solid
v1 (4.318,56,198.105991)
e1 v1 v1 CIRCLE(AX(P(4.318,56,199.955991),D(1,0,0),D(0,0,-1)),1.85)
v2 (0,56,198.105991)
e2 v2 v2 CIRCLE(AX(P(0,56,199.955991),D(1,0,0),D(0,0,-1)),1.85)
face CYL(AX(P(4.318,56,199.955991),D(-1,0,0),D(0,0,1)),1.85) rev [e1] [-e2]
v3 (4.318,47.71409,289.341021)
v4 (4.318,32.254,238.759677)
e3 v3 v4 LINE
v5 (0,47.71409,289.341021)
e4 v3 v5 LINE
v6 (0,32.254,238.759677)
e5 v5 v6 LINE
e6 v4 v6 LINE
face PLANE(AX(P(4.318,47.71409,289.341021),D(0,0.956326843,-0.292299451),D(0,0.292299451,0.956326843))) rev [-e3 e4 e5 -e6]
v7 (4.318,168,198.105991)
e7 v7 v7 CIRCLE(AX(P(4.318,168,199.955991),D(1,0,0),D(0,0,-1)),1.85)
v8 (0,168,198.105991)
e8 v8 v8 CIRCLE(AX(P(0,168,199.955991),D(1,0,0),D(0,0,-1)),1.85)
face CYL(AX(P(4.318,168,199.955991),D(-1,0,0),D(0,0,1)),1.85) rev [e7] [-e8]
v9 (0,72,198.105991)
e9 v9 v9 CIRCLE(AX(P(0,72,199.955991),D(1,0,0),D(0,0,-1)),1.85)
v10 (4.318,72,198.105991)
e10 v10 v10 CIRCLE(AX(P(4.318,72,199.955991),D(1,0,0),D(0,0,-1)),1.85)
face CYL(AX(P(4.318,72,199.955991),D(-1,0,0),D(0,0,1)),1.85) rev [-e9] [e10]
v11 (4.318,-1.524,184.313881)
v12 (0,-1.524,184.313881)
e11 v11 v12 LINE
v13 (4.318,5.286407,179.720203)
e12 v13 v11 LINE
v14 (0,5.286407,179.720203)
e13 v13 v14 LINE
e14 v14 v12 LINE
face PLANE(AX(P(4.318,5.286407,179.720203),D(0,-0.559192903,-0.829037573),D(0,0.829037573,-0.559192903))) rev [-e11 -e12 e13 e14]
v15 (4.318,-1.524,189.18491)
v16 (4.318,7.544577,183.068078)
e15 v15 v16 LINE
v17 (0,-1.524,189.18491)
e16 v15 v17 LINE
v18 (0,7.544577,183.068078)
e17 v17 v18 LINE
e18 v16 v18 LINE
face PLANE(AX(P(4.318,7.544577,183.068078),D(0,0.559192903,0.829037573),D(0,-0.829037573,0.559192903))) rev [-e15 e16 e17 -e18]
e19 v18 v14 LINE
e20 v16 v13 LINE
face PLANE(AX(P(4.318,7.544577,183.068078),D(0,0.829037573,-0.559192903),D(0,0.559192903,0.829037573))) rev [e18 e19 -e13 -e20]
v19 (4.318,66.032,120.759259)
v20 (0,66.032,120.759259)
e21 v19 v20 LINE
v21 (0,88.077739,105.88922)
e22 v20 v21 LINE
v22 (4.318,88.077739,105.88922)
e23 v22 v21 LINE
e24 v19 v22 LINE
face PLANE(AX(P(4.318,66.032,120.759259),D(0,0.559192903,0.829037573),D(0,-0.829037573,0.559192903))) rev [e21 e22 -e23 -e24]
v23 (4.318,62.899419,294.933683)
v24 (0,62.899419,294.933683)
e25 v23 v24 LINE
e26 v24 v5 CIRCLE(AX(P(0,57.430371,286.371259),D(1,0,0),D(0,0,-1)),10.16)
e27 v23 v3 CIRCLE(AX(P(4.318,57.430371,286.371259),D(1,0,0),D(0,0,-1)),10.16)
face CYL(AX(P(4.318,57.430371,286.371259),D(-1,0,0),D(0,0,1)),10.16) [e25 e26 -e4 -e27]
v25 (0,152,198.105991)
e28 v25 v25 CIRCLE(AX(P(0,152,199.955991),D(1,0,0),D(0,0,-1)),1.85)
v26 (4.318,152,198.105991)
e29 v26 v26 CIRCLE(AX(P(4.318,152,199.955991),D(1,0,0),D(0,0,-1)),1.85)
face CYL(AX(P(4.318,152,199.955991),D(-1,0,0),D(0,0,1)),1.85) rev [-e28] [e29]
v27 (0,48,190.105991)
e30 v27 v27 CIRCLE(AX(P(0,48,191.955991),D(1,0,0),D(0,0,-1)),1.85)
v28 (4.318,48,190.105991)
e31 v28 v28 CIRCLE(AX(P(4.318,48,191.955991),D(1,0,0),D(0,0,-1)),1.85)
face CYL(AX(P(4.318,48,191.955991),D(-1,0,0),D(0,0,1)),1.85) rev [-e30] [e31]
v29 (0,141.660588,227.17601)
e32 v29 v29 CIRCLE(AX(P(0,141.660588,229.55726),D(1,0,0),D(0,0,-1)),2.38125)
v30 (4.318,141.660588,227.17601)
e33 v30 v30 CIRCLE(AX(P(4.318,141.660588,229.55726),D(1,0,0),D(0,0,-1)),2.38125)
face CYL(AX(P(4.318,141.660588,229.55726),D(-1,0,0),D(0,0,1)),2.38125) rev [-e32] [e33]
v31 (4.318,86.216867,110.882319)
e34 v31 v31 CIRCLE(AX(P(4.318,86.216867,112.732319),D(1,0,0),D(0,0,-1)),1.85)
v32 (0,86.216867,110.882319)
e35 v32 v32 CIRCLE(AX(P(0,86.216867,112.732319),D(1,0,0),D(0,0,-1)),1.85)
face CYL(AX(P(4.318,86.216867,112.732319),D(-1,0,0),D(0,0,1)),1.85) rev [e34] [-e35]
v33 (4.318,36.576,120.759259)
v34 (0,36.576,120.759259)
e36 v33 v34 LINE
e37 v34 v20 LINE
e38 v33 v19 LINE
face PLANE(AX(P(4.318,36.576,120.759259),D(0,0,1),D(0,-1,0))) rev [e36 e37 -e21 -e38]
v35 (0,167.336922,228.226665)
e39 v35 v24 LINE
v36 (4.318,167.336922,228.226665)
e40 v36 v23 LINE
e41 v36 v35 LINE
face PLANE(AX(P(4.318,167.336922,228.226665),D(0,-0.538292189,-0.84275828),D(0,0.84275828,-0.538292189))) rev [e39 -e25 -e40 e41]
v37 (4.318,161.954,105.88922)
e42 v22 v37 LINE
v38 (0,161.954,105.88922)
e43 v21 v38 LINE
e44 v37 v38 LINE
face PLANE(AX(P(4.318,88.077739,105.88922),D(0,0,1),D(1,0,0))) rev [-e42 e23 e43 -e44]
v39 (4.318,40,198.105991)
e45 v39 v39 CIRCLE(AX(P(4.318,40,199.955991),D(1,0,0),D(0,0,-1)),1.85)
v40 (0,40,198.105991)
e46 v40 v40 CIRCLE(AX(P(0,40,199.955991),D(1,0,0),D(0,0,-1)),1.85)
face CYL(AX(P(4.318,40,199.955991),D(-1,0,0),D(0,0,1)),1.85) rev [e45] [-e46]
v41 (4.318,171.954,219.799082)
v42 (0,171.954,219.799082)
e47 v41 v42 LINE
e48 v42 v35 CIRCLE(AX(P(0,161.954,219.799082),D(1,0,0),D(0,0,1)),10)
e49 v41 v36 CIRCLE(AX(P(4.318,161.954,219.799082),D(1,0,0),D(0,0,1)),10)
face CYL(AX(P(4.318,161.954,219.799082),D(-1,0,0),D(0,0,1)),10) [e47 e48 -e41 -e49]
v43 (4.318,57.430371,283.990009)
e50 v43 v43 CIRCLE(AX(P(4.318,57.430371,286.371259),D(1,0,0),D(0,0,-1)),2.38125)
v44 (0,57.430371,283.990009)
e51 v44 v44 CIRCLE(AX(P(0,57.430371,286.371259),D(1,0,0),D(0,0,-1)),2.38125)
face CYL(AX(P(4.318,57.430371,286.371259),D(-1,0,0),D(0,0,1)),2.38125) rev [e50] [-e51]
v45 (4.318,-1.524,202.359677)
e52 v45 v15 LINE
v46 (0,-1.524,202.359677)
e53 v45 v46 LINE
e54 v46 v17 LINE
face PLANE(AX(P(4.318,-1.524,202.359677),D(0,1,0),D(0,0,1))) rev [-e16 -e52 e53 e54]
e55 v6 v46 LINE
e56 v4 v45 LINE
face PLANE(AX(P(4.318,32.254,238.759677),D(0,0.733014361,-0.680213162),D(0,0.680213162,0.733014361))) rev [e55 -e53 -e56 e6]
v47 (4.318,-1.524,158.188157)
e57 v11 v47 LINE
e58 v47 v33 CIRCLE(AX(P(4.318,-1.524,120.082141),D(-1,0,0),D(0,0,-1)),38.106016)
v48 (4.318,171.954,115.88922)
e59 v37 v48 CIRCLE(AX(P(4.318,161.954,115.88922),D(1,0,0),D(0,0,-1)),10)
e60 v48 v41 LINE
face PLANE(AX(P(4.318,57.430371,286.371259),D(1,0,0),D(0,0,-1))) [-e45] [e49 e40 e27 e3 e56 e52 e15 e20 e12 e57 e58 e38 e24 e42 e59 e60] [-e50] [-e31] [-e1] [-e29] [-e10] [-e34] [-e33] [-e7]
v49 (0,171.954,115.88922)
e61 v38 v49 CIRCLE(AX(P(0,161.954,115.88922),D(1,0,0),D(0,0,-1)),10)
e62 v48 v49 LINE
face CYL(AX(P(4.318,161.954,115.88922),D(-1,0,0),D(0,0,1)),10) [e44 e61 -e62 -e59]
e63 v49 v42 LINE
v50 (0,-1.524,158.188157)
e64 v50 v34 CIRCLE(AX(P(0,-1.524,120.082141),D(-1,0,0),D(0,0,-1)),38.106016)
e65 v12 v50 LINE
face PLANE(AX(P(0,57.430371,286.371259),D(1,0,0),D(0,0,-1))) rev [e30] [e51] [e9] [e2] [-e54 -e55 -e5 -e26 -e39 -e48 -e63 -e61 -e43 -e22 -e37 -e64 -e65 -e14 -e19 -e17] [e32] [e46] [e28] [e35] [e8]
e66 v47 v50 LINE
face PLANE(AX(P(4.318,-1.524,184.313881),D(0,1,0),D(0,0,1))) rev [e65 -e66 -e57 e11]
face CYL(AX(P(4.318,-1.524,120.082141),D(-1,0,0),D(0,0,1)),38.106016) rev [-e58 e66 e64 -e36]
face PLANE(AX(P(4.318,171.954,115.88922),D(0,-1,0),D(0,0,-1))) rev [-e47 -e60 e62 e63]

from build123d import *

# Parameters (mm, degrees)
SKETCH2_R           = 2.38125
SKETCH2_R_2         = 1.85
BOSS_EXTRUDE1_DEPTH = 4.318


with BuildPart() as part:
    # Sketch2 → Boss-Extrude1 (new body)
    with BuildSketch(Plane(origin=(0, 0, 0), x_dir=(0, 0, -1), z_dir=(1, 0, 0))):
        with BuildLine():
            Line((-115.889220019, 171.954), (-219.799081889, 171.954))
            ThreePointArc((-219.799081889, 171.954), (-224.603807745, 170.72409746), (-228.226664693, 167.336921891))
            Line((-228.226664693, 167.336921891), (-294.933682845, 62.899419265))
            ThreePointArc((-294.933682845, 62.899419265), (-295.905218473, 53.919072951), (-289.341021135, 47.714089896))
            Line((-289.341021135, 47.714089896), (-238.759677477, 32.254))
            Line((-238.759677477, 32.254), (-202.359677477, -1.524))
            Line((-202.359677477, -1.524), (-189.18491037, -1.524))
            Line((-189.18491037, -1.524), (-183.068077693, 7.544577378))
            Line((-183.068077693, 7.544577378), (-179.720203102, 5.286407453))
            Line((-179.720203102, 5.286407453), (-184.313880932, -1.524))
            Line((-184.313880932, -1.524), (-158.188157254, -1.524))
            ThreePointArc((-158.188157254, -1.524), (-147.265506636, 25.180552261), (-120.759258716, 36.576))
            Line((-120.759258716, 36.576), (-120.759258716, 66.032))
            Line((-120.759258716, 66.032), (-105.889220019, 88.077738973))
            Line((-105.889220019, 88.077738973), (-105.889220019, 161.954))
            ThreePointArc((-105.889220019, 161.954), (-108.818152207, 169.025067812), (-115.889220019, 171.954))
        make_face()
        with Locations((-286.371258716, 57.430370624)):
            Circle(SKETCH2_R, mode=Mode.SUBTRACT)
        with Locations((-229.557259723, 141.660587995)):
            Circle(SKETCH2_R, mode=Mode.SUBTRACT)
        with Locations((-112.732319414, 86.216867448)):
            Circle(SKETCH2_R_2, mode=Mode.SUBTRACT)
        with Locations((-199.955990958, 72)):
            Circle(SKETCH2_R_2, mode=Mode.SUBTRACT)
        with Locations((-199.955990958, 152)):
            Circle(SKETCH2_R_2, mode=Mode.SUBTRACT)
        with Locations((-199.955990958, 168)):
            Circle(SKETCH2_R_2, mode=Mode.SUBTRACT)
        with Locations((-199.955990958, 40)):
            Circle(SKETCH2_R_2, mode=Mode.SUBTRACT)
        with Locations((-191.955990958, 48)):
            Circle(SKETCH2_R_2, mode=Mode.SUBTRACT)
        with Locations((-199.955990958, 56)):
            Circle(SKETCH2_R_2, mode=Mode.SUBTRACT)
    extrude(amount=BOSS_EXTRUDE1_DEPTH)


solid = part.part
